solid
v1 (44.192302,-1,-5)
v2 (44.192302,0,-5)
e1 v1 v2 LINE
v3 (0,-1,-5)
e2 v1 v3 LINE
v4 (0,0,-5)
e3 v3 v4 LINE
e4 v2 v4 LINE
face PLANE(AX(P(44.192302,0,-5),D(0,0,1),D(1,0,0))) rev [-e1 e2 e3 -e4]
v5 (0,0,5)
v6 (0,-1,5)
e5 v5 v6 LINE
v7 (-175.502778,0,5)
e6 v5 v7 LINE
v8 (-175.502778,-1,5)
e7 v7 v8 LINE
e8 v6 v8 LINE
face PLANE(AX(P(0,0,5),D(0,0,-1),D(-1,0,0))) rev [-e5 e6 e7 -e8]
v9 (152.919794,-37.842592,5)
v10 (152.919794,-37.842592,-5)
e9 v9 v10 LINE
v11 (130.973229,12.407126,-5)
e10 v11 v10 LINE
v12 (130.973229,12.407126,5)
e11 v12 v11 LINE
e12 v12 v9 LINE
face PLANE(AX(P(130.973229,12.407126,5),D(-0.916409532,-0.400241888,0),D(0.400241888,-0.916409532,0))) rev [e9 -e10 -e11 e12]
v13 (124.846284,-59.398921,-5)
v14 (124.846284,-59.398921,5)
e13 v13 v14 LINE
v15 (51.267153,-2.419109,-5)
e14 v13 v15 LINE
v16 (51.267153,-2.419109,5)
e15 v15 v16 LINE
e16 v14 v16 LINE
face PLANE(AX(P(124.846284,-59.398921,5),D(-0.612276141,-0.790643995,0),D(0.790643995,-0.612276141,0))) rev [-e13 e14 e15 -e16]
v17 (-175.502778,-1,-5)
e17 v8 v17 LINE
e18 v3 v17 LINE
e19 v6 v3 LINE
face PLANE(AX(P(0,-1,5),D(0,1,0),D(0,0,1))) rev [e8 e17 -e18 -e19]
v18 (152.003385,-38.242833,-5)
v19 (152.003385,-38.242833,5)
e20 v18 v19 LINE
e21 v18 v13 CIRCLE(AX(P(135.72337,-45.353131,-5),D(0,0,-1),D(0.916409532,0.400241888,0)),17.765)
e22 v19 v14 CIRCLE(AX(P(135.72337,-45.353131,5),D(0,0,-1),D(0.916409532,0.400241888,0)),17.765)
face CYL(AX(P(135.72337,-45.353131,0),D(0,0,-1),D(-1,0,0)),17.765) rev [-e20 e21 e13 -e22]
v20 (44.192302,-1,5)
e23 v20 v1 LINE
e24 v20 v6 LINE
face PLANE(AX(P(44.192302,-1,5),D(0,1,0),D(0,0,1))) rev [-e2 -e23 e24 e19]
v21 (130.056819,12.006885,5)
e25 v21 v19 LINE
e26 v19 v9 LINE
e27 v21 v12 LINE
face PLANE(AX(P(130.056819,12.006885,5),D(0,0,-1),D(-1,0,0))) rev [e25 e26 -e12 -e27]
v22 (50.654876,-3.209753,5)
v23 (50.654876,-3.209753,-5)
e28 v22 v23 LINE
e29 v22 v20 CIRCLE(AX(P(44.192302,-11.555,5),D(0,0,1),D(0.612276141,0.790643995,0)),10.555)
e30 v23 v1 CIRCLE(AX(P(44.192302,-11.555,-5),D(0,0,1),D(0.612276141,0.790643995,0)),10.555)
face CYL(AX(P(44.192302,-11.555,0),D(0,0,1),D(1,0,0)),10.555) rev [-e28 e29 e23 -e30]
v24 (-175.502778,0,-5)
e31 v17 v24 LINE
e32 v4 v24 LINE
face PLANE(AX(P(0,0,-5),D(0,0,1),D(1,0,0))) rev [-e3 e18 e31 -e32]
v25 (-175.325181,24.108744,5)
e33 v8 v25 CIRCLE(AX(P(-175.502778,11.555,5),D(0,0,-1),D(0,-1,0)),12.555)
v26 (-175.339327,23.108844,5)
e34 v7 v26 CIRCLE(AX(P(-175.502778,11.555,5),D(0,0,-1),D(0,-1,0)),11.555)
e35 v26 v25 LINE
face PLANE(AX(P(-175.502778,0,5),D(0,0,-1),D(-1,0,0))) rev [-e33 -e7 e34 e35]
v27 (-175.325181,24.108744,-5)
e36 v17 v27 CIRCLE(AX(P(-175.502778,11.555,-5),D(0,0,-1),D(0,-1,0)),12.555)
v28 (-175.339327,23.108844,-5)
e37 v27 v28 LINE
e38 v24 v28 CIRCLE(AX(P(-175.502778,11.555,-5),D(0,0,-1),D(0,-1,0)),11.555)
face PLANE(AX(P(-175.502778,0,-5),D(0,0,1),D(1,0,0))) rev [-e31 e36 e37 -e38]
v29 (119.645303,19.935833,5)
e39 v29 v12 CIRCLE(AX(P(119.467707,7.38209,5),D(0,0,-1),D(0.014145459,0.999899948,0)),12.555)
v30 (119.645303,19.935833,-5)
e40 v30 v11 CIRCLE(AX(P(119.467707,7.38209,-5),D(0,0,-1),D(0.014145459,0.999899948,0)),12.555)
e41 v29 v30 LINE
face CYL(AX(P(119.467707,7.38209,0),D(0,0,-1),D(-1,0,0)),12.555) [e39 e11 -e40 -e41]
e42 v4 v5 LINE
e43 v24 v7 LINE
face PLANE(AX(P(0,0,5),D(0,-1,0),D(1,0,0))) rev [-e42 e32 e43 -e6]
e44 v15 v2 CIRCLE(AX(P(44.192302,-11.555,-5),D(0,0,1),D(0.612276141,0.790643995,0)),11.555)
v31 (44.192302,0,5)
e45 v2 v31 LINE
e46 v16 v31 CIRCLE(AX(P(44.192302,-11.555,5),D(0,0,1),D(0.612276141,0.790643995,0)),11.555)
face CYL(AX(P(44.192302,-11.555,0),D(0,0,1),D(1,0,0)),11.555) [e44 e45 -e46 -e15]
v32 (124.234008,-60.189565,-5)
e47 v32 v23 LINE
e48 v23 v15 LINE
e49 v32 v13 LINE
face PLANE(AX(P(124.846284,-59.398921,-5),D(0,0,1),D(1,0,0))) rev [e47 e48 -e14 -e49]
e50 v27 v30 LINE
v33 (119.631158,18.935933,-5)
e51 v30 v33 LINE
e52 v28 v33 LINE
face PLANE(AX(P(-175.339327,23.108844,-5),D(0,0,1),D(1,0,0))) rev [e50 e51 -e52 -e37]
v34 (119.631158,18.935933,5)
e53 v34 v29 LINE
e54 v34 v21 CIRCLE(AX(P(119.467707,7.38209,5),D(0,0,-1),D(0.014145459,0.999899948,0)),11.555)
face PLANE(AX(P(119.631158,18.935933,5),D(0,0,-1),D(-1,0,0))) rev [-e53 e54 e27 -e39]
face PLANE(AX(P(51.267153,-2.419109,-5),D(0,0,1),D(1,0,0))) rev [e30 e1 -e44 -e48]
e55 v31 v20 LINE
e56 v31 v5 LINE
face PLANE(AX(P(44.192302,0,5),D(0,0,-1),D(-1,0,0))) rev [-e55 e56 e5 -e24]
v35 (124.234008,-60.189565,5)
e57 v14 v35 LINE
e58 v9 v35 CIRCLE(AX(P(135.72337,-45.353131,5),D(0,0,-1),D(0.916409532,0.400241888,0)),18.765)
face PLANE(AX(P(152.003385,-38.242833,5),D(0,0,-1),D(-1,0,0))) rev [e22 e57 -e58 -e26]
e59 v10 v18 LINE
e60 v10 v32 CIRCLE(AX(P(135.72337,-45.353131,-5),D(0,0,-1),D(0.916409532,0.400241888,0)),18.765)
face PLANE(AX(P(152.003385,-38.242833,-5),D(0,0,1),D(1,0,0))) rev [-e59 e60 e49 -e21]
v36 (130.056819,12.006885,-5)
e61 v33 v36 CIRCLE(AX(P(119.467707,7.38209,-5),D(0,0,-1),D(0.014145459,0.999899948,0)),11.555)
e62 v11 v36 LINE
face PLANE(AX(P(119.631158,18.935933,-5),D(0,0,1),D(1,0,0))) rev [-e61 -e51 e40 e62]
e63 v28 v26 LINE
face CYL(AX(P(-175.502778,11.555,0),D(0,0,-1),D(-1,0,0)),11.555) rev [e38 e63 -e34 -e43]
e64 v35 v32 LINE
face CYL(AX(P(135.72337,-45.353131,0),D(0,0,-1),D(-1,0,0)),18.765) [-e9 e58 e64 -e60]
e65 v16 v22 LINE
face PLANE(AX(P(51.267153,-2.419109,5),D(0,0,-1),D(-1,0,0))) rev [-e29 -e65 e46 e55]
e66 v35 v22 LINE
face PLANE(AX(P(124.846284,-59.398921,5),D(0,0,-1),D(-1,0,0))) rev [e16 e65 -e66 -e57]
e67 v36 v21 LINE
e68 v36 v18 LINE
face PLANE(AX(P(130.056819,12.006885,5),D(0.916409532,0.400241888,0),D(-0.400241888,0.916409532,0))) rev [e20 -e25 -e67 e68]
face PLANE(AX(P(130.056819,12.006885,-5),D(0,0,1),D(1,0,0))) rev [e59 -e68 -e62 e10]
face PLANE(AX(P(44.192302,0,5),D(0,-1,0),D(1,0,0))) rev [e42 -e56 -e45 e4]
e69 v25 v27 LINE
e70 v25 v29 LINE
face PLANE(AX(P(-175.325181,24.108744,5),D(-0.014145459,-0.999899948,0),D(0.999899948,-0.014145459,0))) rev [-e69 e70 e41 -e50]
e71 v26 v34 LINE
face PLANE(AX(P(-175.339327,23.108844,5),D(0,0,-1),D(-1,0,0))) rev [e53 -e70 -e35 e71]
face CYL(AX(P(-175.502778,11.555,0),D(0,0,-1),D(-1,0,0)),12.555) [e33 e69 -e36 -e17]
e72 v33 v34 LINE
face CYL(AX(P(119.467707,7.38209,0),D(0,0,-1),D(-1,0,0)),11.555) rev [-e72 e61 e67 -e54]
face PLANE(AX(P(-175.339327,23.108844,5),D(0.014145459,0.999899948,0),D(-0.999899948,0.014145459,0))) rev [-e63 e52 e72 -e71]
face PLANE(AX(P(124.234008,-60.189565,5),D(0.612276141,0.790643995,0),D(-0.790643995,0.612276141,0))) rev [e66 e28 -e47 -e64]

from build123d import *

# Parameters (mm, degrees)
SKETCH_4_W = 10
SKETCH_4_H = 1


with BuildPart() as part:
    # 掃出1: sweep along a path in 草圖2
    with BuildLine(Plane.XY) as sweep_1_path:
        Line((152.003384949, -38.242833415), (130.05681925, 12.006884535))
        ThreePointArc((130.05681925, 12.006884535), (125.863591091, 17.005534481), (119.631157887, 18.935933413))
        Line((119.631157887, 18.935933413), (-175.339326769, 23.108843899))
        ThreePointArc((-175.339326769, 23.108843899), (-187.057488522, 11.636727435), (-175.502777551, 0))
        Line((-175.502777551, 0), (44.192301821, 0))
        ThreePointArc((44.192301821, 0), (47.930804214, -0.621490735), (51.267152631, -2.419108636))
        Line((51.267152631, -2.419108636), (124.846283962, -59.398921136))
        ThreePointArc((124.846283962, -59.398921136), (146.640920811, -59.367491082), (152.003384949, -38.242833415))
    # 草圖4 → 掃出1 (sweep)
    with BuildSketch(Plane(origin=(0, 0, 0), x_dir=(0, 0, -1), z_dir=(1, 0, 0))):
        with Locations((0, -0.5)):
            Rectangle(SKETCH_4_W, SKETCH_4_H)
    sweep(path=sweep_1_path.line)


solid = part.part
